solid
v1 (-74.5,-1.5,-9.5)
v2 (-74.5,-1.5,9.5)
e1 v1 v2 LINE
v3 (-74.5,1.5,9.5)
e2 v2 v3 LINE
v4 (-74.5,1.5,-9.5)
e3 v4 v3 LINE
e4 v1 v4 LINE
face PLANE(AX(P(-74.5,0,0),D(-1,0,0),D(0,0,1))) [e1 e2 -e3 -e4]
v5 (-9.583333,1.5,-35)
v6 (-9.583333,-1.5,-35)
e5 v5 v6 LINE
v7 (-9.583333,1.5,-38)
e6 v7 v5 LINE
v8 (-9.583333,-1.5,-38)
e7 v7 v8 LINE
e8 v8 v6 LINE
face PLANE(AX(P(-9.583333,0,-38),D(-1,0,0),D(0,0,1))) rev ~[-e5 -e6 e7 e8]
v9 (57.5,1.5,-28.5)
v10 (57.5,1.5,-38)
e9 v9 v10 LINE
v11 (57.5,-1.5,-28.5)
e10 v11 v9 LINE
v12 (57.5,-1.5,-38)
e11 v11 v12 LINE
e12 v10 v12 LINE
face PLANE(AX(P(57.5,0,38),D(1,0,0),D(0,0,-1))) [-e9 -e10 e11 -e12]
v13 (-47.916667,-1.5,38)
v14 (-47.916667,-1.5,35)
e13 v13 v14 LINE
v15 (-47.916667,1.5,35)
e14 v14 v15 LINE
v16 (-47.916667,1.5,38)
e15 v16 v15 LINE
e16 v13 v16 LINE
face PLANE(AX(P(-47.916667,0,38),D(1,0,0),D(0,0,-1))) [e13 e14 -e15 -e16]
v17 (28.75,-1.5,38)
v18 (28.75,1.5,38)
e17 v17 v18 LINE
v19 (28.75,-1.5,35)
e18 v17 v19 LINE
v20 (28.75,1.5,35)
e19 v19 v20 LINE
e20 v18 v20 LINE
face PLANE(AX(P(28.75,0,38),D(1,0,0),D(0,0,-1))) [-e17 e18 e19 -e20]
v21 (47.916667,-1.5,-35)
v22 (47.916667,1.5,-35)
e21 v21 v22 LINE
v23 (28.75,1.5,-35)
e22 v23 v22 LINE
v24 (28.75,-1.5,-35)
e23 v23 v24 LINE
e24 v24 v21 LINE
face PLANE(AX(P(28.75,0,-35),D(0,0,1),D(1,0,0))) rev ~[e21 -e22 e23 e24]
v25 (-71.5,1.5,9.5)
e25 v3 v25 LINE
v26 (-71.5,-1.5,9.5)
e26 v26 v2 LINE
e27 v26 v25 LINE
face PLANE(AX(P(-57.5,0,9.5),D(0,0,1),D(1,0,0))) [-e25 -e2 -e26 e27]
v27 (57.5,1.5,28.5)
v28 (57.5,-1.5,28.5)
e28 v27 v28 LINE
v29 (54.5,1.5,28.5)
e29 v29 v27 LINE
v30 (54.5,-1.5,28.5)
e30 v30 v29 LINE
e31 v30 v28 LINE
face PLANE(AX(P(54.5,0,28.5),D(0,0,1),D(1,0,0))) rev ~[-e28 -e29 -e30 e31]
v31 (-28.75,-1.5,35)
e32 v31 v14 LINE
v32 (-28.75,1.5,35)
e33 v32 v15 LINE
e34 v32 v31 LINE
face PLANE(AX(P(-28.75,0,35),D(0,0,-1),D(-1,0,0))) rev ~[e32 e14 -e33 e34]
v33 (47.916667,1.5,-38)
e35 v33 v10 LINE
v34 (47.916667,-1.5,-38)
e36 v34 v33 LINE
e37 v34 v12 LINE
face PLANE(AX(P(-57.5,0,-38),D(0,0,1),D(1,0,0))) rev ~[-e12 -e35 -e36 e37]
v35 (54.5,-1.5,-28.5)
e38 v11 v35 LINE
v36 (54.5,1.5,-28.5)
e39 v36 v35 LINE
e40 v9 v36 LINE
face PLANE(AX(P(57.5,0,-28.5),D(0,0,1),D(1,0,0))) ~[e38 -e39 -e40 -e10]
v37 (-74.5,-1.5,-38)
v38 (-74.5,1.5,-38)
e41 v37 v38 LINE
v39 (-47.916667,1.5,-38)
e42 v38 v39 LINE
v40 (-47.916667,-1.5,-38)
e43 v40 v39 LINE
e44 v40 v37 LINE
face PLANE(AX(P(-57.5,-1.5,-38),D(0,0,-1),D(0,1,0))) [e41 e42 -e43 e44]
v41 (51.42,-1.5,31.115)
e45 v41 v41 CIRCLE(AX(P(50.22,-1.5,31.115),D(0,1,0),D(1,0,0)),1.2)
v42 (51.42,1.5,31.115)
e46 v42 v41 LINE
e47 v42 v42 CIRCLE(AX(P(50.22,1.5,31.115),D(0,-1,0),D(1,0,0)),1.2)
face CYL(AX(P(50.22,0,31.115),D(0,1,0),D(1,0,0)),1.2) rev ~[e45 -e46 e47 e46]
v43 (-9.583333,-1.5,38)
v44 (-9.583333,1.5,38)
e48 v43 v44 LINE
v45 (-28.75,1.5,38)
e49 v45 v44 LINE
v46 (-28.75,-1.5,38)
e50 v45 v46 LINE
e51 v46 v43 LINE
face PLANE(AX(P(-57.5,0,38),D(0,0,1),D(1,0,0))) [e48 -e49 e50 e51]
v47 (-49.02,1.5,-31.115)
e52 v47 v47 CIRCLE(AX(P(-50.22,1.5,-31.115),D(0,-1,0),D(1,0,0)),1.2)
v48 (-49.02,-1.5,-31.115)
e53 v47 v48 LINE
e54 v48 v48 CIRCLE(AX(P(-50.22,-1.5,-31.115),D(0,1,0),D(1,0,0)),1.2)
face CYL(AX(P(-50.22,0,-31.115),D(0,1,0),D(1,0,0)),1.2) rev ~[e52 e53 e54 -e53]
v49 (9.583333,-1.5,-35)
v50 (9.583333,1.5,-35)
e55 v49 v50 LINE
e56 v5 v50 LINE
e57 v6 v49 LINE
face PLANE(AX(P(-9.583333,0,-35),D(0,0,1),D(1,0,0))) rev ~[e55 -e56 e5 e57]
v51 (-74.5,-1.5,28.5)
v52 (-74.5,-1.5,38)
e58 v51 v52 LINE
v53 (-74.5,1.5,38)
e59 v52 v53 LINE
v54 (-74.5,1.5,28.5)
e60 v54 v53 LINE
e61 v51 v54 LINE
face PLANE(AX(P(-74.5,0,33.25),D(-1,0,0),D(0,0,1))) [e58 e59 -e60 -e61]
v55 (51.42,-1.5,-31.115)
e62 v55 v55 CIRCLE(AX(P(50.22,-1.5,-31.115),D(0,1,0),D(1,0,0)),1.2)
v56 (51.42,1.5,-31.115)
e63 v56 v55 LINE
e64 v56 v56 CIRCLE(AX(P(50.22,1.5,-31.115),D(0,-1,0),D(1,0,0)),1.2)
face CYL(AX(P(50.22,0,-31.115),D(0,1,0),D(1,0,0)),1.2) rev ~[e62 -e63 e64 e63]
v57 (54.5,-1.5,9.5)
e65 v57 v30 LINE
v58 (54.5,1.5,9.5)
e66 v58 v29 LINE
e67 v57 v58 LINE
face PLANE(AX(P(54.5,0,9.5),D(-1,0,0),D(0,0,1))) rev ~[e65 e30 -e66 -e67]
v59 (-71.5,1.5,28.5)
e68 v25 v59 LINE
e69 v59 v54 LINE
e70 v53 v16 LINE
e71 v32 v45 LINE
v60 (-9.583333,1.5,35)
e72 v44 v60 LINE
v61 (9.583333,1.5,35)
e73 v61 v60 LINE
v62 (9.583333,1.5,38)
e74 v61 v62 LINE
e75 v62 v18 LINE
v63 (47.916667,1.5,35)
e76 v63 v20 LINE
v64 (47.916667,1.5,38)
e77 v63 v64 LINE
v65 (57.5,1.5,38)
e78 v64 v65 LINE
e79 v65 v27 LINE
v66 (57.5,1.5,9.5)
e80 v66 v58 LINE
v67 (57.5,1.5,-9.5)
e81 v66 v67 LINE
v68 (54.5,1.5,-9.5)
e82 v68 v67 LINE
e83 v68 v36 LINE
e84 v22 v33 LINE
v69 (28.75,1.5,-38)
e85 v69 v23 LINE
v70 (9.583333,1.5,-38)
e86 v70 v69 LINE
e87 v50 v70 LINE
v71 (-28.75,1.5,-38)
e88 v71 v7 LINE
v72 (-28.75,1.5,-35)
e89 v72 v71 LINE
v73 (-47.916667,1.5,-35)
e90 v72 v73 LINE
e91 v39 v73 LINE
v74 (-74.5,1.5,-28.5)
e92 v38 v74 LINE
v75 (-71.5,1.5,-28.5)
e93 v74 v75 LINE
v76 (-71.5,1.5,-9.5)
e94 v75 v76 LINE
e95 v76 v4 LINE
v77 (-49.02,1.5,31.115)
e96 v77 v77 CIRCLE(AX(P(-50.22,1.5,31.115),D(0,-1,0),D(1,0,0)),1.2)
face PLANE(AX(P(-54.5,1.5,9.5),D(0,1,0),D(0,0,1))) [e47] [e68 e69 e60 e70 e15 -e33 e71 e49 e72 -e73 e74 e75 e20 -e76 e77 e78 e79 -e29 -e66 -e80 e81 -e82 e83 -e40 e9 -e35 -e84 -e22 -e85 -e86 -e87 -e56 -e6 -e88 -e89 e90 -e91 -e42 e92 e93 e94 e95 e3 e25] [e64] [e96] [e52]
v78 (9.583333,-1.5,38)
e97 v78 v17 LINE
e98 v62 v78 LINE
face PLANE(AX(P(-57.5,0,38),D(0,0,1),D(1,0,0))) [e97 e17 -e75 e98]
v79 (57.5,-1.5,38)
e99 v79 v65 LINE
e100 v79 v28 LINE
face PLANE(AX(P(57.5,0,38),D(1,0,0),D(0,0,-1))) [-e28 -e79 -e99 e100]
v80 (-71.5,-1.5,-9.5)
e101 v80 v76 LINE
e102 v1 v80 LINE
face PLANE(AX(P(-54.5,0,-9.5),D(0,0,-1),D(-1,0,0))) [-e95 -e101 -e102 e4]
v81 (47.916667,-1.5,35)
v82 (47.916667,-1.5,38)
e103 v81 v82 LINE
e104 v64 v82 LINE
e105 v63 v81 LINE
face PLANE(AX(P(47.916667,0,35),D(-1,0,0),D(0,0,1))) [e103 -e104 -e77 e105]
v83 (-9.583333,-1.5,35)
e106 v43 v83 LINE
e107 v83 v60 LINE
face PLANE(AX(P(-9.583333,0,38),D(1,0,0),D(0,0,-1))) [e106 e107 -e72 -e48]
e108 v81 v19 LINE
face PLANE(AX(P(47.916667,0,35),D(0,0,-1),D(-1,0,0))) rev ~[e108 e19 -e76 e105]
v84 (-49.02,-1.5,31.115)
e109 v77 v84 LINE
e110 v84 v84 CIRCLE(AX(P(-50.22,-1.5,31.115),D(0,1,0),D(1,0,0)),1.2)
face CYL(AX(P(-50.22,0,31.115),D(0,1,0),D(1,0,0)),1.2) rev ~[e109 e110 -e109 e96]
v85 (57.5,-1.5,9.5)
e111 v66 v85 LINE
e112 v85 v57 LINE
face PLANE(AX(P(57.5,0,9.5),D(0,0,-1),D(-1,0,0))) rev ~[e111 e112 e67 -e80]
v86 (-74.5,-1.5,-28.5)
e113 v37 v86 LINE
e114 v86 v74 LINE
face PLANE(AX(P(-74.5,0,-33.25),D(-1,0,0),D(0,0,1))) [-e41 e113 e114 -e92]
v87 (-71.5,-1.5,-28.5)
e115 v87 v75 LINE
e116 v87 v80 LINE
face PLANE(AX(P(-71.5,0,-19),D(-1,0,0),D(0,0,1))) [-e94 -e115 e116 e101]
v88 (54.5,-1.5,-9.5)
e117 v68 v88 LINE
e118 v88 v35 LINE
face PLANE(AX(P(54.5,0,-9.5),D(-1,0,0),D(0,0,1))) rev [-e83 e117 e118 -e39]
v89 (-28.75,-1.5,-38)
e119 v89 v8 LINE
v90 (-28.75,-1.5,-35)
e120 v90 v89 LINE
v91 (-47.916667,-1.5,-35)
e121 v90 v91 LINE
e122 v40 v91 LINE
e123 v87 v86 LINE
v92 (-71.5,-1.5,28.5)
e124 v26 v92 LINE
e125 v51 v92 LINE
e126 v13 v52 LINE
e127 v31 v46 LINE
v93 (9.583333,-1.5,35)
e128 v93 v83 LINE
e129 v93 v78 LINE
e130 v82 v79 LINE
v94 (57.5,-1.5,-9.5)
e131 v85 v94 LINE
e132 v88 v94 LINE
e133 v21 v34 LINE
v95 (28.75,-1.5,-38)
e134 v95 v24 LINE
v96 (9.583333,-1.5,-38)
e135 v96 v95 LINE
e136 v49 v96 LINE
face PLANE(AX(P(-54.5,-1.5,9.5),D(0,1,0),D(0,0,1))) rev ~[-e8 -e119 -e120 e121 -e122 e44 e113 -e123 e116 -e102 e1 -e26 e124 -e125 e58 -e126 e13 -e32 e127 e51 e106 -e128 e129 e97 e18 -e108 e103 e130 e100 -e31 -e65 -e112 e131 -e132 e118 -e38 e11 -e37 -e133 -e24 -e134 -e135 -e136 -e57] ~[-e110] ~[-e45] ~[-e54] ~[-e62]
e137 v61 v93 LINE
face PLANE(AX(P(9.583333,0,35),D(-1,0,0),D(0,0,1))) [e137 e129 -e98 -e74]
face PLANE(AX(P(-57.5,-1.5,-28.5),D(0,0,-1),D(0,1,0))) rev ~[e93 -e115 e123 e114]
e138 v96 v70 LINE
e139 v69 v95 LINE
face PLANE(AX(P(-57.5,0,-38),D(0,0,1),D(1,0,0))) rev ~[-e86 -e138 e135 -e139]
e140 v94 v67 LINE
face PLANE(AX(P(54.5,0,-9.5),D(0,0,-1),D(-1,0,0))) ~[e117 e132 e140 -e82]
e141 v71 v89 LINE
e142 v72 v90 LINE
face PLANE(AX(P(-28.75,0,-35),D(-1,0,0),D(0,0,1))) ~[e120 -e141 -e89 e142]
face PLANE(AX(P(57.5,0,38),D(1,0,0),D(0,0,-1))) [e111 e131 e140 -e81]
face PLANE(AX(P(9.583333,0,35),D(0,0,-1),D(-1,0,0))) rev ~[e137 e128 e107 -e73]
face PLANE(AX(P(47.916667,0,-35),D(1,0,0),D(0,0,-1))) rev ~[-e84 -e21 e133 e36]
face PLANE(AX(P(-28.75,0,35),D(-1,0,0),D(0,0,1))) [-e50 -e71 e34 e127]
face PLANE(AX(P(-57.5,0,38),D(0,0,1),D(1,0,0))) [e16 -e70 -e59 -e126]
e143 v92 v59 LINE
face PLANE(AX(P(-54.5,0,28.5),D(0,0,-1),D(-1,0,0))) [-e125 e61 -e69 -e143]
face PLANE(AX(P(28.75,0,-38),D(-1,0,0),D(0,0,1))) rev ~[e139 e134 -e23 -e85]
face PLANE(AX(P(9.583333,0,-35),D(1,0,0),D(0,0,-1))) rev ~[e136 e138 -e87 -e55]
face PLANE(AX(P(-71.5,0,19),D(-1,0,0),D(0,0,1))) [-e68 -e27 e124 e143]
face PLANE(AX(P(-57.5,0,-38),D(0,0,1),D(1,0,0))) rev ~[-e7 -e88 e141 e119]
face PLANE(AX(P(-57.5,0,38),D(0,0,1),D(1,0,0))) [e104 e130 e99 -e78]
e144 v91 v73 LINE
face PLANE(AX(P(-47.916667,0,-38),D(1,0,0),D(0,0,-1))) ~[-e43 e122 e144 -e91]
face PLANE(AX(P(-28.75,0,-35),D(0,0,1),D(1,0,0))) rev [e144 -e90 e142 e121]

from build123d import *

# Parameters (mm, degrees)
CROQUIS1_W                 = 115
CROQUIS1_H                 = 76
SALIENTE_EXTRUIR1_DEPTH    = 1.5
CORTAR_EXTRUIR2_DEPTH      = 2.5
MATRIZL4_COUNT             = 3
MATRIZL4_PITCH             = 38.333333333
SIMETR_A1_COPY_1_DEPTH     = 2.5
SIMETR_A1_COPY_2_DEPTH     = 2.5
CORTAR_EXTRUIR3_DEPTH      = 2.5
MATRIZL5_COUNT             = 2
MATRIZL5_PITCH             = 38
SIMETR_A2_COPY_1_DEPTH     = 2.5
CROQUIS2_R                 = 1.2
CORTAR_EXTRUIR1_DEPTH      = 2.5
CORTAR_EXTRUIR1_DEPTH_BACK = 2.5
CROQUIS5_W                 = 9.5
CROQUIS5_H                 = 3
CROQUIS5_W_2               = 19
SALIENTE_EXTRUIR2_DEPTH    = 17
CROQUIS6_W                 = 19
CROQUIS6_H                 = 3
SALIENTE_EXTRUIR3_DEPTH    = 17


with BuildPart() as part:
    # Croquis1 → Saliente-Extruir1 (new body, symmetric)
    with BuildSketch(Plane(origin=(0, 0, 0), x_dir=(1, 0, 0), z_dir=(0, 1, 0))):
        Rectangle(CROQUIS1_W, CROQUIS1_H)
    extrude(amount=SALIENTE_EXTRUIR1_DEPTH, both=True)

    # Croquis3 → Cortar-Extruir2 (cut, symmetric)
    with BuildSketch(Plane(origin=(0, 0, 0), x_dir=(1, 0, 0), z_dir=(0, 1, 0))):
        Polygon((-47.916666667, -35), (-39.483333333, -35), (-37.183333333, -35), (-28.75, -35), (-28.75, -38), (-47.916666667, -38), align=None)
    cortar_extruir2 = extrude(amount=CORTAR_EXTRUIR2_DEPTH, both=True, mode=Mode.SUBTRACT)

    # MatrizL4: Cortar-Extruir2 ×3
    with Locations(*[(i * MATRIZL4_PITCH, 0, 0) for i in range(1, MATRIZL4_COUNT)]):
        add(cortar_extruir2, mode=Mode.SUBTRACT)

    # Simetría1: Cortar-Extruir2 across plane
    add(cortar_extruir2.mirror(Plane.XY), mode=Mode.SUBTRACT)

    # Simetría1 copy 1 sketch → Simetría1 copy 1 (cut, symmetric)
    with BuildSketch(Plane(origin=(38.333333333, 0, 0), x_dir=(1, 0, 0), z_dir=(0, 1, 0))):
        Polygon((-47.916666667, 35), (-39.483333333, 35), (-37.183333333, 35), (-28.75, 35), (-28.75, 38), (-47.916666667, 38), align=None)
    extrude(amount=SIMETR_A1_COPY_1_DEPTH, both=True, mode=Mode.SUBTRACT)

    # Simetría1 copy 2 sketch → Simetría1 copy 2 (cut, symmetric)
    with BuildSketch(Plane(origin=(76.666666667, 0, 0), x_dir=(1, 0, 0), z_dir=(0, 1, 0))):
        Polygon((-47.916666667, 35), (-39.483333333, 35), (-37.183333333, 35), (-28.75, 35), (-28.75, 38), (-47.916666667, 38), align=None)
    extrude(amount=SIMETR_A1_COPY_2_DEPTH, both=True, mode=Mode.SUBTRACT)

    # Croquis4 → Cortar-Extruir3 (cut, symmetric)
    with BuildSketch(Plane(origin=(0, 0, 0), x_dir=(1, 0, 0), z_dir=(0, 1, 0))):
        Polygon((-57.5, 28.5), (-54.5, 28.5), (-54.5, 20.15), (-54.5, 17.85), (-54.5, 9.5), (-57.5, 9.5), align=None)
    cortar_extruir3 = extrude(amount=CORTAR_EXTRUIR3_DEPTH, both=True, mode=Mode.SUBTRACT)

    # MatrizL5: Cortar-Extruir3 ×2
    with Locations(*[(0, 0, i * MATRIZL5_PITCH) for i in range(1, MATRIZL5_COUNT)]):
        add(cortar_extruir3, mode=Mode.SUBTRACT)

    # Simetría2: Cortar-Extruir3 across plane
    add(cortar_extruir3.mirror(Plane(origin=(0, 0, 0), x_dir=(0, 0, 1), z_dir=(1, 0, 0))), mode=Mode.SUBTRACT)

    # Simetría2 copy 1 sketch → Simetría2 copy 1 (cut, symmetric)
    with BuildSketch(Plane(origin=(0, 0, 38), x_dir=(-1, 0, 0), z_dir=(0, 1, 0))):
        Polygon((-57.5, -28.5), (-54.5, -28.5), (-54.5, -20.15), (-54.5, -17.85), (-54.5, -9.5), (-57.5, -9.5), align=None)
    extrude(amount=SIMETR_A2_COPY_1_DEPTH, both=True, mode=Mode.SUBTRACT)

    # Croquis2 → Cortar-Extruir1 (cut, two sides)
    with BuildSketch(Plane(origin=(0, 0, 0), x_dir=(1, 0, 0), z_dir=(0, 1, 0))) as cortar_extruir1_sk:
        with Locations((-50.22, 31.115)):
            Circle(CROQUIS2_R)
        with Locations((-50.22, -31.115)):
            Circle(CROQUIS2_R)
        with Locations((50.22, 31.115)):
            Circle(CROQUIS2_R)
        with Locations((50.22, -31.115)):
            Circle(CROQUIS2_R)
    extrude(amount=CORTAR_EXTRUIR1_DEPTH, mode=Mode.SUBTRACT)
    extrude(cortar_extruir1_sk.sketch, amount=-CORTAR_EXTRUIR1_DEPTH_BACK, mode=Mode.SUBTRACT)

    # Croquis5 → Saliente-Extruir2 (add)
    with BuildSketch(Plane.ZY.offset(57.5)):
        with Locations((-33.25, 0)):
            Rectangle(CROQUIS5_W, CROQUIS5_H)
        with Locations((33.25, 0)):
            Rectangle(CROQUIS5_W, CROQUIS5_H)
        Rectangle(CROQUIS5_W_2, CROQUIS5_H)
    extrude(amount=SALIENTE_EXTRUIR2_DEPTH)

    # Croquis6 → Saliente-Extruir3 (add)
    with BuildSketch(Plane.ZY.offset(54.5)):
        with Locations((19, 0)):
            Rectangle(CROQUIS6_W, CROQUIS6_H)
        with Locations((-19, 0)):
            Rectangle(CROQUIS6_W, CROQUIS6_H)
    extrude(amount=SALIENTE_EXTRUIR3_DEPTH)


solid = part.part
